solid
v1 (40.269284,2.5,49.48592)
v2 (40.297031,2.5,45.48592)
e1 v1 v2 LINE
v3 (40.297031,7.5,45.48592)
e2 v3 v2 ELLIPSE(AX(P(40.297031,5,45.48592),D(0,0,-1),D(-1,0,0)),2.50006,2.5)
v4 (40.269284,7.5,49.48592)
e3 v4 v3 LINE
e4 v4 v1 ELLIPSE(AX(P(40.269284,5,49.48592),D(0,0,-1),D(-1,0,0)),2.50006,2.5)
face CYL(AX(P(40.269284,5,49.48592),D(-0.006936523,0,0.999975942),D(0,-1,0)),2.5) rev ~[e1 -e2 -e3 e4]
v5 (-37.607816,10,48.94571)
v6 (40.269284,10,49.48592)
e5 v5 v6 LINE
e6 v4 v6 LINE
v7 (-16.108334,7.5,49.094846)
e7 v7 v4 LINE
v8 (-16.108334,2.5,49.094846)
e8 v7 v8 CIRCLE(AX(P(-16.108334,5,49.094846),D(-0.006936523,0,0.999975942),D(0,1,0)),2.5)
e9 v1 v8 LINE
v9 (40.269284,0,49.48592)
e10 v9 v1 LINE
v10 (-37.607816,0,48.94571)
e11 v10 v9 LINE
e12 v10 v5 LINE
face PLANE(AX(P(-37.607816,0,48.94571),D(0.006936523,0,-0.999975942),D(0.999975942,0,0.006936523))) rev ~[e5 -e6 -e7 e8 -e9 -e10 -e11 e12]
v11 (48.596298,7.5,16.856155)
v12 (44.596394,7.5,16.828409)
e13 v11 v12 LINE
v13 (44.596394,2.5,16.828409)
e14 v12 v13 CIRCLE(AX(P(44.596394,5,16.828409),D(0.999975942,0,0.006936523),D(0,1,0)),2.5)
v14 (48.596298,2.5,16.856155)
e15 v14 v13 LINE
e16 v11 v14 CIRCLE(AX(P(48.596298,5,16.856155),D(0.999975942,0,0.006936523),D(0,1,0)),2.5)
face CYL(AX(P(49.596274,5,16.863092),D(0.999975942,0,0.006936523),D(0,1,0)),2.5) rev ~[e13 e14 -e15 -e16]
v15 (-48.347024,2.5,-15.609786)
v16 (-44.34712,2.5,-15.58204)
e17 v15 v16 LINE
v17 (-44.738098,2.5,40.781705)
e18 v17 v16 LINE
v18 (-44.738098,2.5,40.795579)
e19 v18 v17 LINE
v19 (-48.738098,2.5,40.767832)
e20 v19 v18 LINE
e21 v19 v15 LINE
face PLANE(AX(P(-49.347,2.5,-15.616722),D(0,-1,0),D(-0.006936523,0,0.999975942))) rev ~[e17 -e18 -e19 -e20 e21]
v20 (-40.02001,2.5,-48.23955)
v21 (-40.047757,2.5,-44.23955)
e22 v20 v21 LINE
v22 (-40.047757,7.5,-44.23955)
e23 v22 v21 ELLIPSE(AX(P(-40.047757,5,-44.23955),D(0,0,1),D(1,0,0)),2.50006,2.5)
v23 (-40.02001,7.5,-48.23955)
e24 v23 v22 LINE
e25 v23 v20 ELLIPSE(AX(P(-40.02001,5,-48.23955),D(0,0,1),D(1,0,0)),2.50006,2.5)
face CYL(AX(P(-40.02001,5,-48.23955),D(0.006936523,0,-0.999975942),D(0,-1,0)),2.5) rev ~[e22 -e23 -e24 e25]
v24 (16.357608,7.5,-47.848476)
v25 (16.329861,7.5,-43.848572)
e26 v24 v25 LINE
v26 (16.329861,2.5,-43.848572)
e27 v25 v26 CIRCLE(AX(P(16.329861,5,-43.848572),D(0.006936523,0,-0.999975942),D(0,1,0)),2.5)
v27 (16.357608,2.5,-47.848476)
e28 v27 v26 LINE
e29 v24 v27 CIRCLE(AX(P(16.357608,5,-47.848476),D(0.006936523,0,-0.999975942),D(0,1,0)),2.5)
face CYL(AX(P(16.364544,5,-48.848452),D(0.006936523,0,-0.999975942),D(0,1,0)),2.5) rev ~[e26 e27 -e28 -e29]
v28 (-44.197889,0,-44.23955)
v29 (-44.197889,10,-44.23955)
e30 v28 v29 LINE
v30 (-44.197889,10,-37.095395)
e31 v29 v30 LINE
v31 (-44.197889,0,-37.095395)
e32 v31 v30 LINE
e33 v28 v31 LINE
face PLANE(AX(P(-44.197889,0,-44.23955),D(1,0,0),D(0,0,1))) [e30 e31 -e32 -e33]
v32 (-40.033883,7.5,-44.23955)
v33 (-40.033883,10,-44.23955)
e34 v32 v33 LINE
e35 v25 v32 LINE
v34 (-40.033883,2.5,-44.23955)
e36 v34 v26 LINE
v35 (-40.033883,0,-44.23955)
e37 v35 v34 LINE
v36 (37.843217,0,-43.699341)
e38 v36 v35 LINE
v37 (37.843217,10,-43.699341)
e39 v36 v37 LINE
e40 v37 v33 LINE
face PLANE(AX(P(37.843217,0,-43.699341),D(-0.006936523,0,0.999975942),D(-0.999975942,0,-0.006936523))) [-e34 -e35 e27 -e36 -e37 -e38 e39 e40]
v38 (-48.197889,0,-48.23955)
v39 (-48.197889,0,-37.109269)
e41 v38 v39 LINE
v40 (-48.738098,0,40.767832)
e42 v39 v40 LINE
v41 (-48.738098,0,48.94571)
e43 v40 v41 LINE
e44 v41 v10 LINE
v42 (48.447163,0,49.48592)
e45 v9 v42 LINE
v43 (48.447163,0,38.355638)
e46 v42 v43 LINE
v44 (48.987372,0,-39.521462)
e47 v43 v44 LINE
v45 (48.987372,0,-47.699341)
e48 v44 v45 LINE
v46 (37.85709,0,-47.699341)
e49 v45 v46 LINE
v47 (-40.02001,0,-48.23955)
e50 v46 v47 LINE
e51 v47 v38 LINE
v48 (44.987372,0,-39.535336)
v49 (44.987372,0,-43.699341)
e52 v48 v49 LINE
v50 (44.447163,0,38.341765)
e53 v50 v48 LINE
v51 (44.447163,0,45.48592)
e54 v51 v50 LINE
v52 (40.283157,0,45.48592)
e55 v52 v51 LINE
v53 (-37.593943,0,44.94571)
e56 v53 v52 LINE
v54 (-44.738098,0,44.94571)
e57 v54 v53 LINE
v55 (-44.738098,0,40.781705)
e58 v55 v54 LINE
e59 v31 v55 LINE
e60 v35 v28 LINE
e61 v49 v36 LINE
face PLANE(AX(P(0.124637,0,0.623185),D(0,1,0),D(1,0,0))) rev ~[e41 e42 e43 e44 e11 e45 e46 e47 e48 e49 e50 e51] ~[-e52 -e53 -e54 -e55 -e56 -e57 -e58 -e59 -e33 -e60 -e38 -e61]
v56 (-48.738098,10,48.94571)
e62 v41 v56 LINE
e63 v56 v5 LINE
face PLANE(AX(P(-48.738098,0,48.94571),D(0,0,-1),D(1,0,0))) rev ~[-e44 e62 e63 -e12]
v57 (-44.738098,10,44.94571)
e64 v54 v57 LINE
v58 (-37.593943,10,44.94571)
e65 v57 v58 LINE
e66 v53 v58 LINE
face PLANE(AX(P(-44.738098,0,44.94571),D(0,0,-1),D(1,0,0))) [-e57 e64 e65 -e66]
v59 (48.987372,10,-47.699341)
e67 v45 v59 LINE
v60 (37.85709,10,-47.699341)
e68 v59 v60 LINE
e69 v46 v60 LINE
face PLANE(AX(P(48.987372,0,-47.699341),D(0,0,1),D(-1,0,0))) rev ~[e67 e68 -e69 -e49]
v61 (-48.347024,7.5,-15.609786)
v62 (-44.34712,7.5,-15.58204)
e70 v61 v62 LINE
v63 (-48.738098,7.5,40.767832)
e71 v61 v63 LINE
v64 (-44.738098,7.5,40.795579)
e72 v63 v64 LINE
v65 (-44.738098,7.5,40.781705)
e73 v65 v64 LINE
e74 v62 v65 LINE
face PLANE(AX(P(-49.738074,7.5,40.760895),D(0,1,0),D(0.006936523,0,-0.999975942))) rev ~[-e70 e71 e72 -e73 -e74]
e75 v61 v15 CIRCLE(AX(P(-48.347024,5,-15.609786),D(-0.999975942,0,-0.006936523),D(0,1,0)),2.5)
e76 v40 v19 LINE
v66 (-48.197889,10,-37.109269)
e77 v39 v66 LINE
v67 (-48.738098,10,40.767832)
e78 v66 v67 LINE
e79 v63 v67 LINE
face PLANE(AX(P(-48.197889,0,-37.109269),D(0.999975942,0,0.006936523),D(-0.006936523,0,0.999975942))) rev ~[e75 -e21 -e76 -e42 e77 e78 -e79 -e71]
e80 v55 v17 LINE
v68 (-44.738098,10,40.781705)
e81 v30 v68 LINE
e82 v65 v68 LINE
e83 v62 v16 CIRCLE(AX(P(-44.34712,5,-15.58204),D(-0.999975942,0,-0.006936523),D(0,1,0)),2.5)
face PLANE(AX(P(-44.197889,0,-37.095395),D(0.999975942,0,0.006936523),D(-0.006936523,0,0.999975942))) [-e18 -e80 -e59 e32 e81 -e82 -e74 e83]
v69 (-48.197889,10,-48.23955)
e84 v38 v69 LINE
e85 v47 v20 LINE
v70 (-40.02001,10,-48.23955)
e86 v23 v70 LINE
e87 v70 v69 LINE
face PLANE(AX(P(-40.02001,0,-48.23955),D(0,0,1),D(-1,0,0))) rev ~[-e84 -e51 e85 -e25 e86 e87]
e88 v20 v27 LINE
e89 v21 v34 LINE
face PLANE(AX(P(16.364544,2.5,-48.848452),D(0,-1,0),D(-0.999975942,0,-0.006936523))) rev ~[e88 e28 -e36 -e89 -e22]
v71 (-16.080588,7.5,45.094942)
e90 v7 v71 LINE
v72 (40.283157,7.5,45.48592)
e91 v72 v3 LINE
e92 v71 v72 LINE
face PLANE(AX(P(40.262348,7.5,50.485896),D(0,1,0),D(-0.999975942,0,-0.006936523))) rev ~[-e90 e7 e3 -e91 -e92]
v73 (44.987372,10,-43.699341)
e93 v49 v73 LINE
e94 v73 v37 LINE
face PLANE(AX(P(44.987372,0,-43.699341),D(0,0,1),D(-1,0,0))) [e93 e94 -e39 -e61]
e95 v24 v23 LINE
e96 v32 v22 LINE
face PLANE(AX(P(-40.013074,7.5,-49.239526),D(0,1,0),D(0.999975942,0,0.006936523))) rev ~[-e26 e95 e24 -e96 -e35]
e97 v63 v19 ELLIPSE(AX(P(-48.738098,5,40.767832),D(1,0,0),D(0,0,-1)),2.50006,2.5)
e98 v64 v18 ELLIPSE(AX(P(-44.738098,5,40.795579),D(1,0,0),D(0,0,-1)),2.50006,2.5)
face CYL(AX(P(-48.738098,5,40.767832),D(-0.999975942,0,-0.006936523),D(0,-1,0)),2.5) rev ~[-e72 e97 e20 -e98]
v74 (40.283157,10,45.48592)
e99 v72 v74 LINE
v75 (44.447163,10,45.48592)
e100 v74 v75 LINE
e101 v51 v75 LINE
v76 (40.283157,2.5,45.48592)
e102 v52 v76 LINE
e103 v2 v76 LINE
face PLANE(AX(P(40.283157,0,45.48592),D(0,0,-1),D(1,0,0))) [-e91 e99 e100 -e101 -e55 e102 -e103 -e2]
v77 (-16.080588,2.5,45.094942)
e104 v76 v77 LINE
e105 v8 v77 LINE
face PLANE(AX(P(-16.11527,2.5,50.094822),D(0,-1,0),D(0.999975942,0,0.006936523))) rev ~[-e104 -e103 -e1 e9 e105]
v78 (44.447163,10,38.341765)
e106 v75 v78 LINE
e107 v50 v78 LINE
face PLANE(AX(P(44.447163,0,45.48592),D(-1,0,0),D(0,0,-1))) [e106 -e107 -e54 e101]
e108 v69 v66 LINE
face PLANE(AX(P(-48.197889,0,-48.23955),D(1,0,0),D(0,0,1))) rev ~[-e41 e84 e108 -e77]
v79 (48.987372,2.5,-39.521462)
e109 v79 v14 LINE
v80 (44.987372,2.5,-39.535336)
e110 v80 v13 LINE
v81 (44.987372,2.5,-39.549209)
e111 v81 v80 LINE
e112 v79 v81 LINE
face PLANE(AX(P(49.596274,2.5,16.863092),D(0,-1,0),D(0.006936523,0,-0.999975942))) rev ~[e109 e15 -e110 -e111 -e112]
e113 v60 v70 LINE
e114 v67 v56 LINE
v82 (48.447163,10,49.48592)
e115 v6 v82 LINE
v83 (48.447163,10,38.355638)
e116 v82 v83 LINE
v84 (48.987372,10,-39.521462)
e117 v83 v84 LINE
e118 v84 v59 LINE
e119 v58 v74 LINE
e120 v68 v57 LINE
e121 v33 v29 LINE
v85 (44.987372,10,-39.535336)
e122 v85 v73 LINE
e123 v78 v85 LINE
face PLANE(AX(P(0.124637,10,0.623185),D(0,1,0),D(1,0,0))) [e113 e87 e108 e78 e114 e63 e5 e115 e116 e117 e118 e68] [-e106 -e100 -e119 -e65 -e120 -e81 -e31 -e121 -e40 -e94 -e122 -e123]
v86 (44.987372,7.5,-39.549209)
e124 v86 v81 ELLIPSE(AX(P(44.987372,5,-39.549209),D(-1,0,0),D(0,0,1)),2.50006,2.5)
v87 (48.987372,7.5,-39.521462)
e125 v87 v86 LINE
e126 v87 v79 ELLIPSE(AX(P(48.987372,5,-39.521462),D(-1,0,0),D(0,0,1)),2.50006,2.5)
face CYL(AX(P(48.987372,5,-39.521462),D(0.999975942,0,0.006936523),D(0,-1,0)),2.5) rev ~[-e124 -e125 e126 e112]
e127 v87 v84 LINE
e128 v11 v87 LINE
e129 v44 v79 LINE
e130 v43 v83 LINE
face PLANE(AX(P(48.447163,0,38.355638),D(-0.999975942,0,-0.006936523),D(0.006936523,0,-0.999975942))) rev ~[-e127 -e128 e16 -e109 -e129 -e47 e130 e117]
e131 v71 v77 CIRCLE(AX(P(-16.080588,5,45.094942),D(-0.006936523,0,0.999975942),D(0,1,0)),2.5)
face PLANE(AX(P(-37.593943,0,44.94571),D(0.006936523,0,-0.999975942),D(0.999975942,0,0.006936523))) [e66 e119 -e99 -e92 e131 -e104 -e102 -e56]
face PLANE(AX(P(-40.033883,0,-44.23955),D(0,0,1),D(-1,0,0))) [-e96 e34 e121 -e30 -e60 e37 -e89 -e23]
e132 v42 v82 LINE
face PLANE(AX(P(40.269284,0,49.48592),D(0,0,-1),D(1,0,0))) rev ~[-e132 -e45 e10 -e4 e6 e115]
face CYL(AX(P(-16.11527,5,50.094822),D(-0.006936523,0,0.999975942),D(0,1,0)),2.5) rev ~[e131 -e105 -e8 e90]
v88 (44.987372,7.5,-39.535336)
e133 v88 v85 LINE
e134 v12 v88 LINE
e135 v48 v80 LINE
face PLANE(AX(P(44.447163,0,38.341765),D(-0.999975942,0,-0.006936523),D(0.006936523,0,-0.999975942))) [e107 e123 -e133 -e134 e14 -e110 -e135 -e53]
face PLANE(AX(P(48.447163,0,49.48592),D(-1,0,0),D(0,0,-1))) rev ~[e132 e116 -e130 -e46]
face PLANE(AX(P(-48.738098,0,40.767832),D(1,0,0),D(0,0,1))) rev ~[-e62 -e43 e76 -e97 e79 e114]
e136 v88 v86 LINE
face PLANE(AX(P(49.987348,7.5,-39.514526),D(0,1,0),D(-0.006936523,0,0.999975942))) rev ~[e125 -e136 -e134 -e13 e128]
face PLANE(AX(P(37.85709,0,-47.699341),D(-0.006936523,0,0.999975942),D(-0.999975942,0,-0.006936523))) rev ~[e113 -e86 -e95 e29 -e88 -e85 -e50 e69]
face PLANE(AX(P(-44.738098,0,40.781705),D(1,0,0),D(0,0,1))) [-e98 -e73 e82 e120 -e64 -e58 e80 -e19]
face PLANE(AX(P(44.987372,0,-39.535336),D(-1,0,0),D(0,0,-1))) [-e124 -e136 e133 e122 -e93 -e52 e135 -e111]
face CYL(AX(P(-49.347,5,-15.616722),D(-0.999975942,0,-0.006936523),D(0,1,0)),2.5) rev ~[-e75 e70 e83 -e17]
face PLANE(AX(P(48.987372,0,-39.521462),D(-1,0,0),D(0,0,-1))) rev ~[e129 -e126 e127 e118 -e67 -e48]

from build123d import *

# Parameters (mm, degrees)
BOSS_EXTRUDE1_DEPTH = 10
SKETCH2_R           = 2.5
CUT_EXTRUDE1_DEPTH  = 10
CIRPATTERN2_COUNT   = 4
CUT_EXTRUDE2_START  = 1
CUT_EXTRUDE2_DEPTH  = 6
CIRPATTERN3_COUNT   = 4


with BuildPart() as part:
    # Sketch1 → Boss-Extrude1 (new body)
    with BuildSketch(Plane(origin=(0, 0, 0), x_dir=(1, 0, 0), z_dir=(0, 1, 0))):
        Polygon((-48.197888799, 37.109268565), (-48.738098109, -40.767831949), (-48.738098109, -48.945710496), (-37.607816364, -48.945710496), (40.26928415, -49.485919806), (48.447162698, -49.485919806), (48.447162698, -38.355638061), (48.987372008, 39.521462453), (48.987372008, 47.699341001), (37.857090263, 47.699341001), (-40.020010251, 48.239550311), (-48.197888799, 48.239550311), align=None)
        Polygon((-40.033883465, 44.239550311), (-44.197888799, 44.239550311), (-44.197888799, 37.095395352), (-44.738098109, -40.781705162), (-44.738098109, -44.945710496), (-37.59394315, -44.945710496), (40.283157364, -45.485919806), (44.447162698, -45.485919806), (44.447162698, -38.341764848), (44.987372008, 39.535335666), (44.987372008, 43.699341001), (37.843217049, 43.699341001), align=None, mode=Mode.SUBTRACT)
    extrude(amount=BOSS_EXTRUDE1_DEPTH)

    # Sketch2 → Cut-Extrude1 (cut)
    with BuildSketch(Plane(origin=(0.332681132, 0, -47.959636197), x_dir=(-0.999975942033621, 0, -0.006936523190502626), z_dir=(0.006936523190502627, 0, -0.9999759420336211))):
        with Locations(Location((40.353662211, 5, 0), (0, 0, 270))):
            Circle(SKETCH2_R)
    cut_extrude1 = extrude(amount=-CUT_EXTRUDE1_DEPTH, mode=Mode.SUBTRACT)

    # CirPattern2: Cut-Extrude1 ×4 about axis
    cirpattern2_axis = Axis((0.12463695, 10, 0.623184748), (0, -1, 0))
    for i in range(1, CIRPATTERN2_COUNT):
        add(cut_extrude1.rotate(cirpattern2_axis, i * 360 / CIRPATTERN2_COUNT), mode=Mode.SUBTRACT)

    # Sketch6 → Cut-Extrude2 (cut)
    with BuildSketch(Plane(origin=(-0.341314401, 0, 49.20421667), x_dir=(0.999975942033621, 0, 0.006936523190502982), z_dir=(-0.006936523190502983, 0, 0.9999759420336211)).offset(CUT_EXTRUDE2_START)):
        with BuildLine():
            Line((40.611575584, 7.5), (-15.76739854, 7.5))
            ThreePointArc((-15.76739854, 7.5), (-18.26739854, 5), (-15.76739854, 2.5))
            Line((-15.76739854, 2.5), (40.611575584, 2.5))
            ThreePointArc((40.611575584, 2.5), (43.111575584, 5), (40.611575584, 7.5))
        make_face()
    cut_extrude2 = extrude(amount=-CUT_EXTRUDE2_DEPTH, mode=Mode.SUBTRACT)

    # CirPattern3: Cut-Extrude2 ×4 about axis
    cirpattern3_axis = Axis((0.12463695, 10, 0.623184748), (0, -1, 0))
    for i in range(1, CIRPATTERN3_COUNT):
        add(cut_extrude2.rotate(cirpattern3_axis, i * 360 / CIRPATTERN3_COUNT), mode=Mode.SUBTRACT)


solid = part.part
